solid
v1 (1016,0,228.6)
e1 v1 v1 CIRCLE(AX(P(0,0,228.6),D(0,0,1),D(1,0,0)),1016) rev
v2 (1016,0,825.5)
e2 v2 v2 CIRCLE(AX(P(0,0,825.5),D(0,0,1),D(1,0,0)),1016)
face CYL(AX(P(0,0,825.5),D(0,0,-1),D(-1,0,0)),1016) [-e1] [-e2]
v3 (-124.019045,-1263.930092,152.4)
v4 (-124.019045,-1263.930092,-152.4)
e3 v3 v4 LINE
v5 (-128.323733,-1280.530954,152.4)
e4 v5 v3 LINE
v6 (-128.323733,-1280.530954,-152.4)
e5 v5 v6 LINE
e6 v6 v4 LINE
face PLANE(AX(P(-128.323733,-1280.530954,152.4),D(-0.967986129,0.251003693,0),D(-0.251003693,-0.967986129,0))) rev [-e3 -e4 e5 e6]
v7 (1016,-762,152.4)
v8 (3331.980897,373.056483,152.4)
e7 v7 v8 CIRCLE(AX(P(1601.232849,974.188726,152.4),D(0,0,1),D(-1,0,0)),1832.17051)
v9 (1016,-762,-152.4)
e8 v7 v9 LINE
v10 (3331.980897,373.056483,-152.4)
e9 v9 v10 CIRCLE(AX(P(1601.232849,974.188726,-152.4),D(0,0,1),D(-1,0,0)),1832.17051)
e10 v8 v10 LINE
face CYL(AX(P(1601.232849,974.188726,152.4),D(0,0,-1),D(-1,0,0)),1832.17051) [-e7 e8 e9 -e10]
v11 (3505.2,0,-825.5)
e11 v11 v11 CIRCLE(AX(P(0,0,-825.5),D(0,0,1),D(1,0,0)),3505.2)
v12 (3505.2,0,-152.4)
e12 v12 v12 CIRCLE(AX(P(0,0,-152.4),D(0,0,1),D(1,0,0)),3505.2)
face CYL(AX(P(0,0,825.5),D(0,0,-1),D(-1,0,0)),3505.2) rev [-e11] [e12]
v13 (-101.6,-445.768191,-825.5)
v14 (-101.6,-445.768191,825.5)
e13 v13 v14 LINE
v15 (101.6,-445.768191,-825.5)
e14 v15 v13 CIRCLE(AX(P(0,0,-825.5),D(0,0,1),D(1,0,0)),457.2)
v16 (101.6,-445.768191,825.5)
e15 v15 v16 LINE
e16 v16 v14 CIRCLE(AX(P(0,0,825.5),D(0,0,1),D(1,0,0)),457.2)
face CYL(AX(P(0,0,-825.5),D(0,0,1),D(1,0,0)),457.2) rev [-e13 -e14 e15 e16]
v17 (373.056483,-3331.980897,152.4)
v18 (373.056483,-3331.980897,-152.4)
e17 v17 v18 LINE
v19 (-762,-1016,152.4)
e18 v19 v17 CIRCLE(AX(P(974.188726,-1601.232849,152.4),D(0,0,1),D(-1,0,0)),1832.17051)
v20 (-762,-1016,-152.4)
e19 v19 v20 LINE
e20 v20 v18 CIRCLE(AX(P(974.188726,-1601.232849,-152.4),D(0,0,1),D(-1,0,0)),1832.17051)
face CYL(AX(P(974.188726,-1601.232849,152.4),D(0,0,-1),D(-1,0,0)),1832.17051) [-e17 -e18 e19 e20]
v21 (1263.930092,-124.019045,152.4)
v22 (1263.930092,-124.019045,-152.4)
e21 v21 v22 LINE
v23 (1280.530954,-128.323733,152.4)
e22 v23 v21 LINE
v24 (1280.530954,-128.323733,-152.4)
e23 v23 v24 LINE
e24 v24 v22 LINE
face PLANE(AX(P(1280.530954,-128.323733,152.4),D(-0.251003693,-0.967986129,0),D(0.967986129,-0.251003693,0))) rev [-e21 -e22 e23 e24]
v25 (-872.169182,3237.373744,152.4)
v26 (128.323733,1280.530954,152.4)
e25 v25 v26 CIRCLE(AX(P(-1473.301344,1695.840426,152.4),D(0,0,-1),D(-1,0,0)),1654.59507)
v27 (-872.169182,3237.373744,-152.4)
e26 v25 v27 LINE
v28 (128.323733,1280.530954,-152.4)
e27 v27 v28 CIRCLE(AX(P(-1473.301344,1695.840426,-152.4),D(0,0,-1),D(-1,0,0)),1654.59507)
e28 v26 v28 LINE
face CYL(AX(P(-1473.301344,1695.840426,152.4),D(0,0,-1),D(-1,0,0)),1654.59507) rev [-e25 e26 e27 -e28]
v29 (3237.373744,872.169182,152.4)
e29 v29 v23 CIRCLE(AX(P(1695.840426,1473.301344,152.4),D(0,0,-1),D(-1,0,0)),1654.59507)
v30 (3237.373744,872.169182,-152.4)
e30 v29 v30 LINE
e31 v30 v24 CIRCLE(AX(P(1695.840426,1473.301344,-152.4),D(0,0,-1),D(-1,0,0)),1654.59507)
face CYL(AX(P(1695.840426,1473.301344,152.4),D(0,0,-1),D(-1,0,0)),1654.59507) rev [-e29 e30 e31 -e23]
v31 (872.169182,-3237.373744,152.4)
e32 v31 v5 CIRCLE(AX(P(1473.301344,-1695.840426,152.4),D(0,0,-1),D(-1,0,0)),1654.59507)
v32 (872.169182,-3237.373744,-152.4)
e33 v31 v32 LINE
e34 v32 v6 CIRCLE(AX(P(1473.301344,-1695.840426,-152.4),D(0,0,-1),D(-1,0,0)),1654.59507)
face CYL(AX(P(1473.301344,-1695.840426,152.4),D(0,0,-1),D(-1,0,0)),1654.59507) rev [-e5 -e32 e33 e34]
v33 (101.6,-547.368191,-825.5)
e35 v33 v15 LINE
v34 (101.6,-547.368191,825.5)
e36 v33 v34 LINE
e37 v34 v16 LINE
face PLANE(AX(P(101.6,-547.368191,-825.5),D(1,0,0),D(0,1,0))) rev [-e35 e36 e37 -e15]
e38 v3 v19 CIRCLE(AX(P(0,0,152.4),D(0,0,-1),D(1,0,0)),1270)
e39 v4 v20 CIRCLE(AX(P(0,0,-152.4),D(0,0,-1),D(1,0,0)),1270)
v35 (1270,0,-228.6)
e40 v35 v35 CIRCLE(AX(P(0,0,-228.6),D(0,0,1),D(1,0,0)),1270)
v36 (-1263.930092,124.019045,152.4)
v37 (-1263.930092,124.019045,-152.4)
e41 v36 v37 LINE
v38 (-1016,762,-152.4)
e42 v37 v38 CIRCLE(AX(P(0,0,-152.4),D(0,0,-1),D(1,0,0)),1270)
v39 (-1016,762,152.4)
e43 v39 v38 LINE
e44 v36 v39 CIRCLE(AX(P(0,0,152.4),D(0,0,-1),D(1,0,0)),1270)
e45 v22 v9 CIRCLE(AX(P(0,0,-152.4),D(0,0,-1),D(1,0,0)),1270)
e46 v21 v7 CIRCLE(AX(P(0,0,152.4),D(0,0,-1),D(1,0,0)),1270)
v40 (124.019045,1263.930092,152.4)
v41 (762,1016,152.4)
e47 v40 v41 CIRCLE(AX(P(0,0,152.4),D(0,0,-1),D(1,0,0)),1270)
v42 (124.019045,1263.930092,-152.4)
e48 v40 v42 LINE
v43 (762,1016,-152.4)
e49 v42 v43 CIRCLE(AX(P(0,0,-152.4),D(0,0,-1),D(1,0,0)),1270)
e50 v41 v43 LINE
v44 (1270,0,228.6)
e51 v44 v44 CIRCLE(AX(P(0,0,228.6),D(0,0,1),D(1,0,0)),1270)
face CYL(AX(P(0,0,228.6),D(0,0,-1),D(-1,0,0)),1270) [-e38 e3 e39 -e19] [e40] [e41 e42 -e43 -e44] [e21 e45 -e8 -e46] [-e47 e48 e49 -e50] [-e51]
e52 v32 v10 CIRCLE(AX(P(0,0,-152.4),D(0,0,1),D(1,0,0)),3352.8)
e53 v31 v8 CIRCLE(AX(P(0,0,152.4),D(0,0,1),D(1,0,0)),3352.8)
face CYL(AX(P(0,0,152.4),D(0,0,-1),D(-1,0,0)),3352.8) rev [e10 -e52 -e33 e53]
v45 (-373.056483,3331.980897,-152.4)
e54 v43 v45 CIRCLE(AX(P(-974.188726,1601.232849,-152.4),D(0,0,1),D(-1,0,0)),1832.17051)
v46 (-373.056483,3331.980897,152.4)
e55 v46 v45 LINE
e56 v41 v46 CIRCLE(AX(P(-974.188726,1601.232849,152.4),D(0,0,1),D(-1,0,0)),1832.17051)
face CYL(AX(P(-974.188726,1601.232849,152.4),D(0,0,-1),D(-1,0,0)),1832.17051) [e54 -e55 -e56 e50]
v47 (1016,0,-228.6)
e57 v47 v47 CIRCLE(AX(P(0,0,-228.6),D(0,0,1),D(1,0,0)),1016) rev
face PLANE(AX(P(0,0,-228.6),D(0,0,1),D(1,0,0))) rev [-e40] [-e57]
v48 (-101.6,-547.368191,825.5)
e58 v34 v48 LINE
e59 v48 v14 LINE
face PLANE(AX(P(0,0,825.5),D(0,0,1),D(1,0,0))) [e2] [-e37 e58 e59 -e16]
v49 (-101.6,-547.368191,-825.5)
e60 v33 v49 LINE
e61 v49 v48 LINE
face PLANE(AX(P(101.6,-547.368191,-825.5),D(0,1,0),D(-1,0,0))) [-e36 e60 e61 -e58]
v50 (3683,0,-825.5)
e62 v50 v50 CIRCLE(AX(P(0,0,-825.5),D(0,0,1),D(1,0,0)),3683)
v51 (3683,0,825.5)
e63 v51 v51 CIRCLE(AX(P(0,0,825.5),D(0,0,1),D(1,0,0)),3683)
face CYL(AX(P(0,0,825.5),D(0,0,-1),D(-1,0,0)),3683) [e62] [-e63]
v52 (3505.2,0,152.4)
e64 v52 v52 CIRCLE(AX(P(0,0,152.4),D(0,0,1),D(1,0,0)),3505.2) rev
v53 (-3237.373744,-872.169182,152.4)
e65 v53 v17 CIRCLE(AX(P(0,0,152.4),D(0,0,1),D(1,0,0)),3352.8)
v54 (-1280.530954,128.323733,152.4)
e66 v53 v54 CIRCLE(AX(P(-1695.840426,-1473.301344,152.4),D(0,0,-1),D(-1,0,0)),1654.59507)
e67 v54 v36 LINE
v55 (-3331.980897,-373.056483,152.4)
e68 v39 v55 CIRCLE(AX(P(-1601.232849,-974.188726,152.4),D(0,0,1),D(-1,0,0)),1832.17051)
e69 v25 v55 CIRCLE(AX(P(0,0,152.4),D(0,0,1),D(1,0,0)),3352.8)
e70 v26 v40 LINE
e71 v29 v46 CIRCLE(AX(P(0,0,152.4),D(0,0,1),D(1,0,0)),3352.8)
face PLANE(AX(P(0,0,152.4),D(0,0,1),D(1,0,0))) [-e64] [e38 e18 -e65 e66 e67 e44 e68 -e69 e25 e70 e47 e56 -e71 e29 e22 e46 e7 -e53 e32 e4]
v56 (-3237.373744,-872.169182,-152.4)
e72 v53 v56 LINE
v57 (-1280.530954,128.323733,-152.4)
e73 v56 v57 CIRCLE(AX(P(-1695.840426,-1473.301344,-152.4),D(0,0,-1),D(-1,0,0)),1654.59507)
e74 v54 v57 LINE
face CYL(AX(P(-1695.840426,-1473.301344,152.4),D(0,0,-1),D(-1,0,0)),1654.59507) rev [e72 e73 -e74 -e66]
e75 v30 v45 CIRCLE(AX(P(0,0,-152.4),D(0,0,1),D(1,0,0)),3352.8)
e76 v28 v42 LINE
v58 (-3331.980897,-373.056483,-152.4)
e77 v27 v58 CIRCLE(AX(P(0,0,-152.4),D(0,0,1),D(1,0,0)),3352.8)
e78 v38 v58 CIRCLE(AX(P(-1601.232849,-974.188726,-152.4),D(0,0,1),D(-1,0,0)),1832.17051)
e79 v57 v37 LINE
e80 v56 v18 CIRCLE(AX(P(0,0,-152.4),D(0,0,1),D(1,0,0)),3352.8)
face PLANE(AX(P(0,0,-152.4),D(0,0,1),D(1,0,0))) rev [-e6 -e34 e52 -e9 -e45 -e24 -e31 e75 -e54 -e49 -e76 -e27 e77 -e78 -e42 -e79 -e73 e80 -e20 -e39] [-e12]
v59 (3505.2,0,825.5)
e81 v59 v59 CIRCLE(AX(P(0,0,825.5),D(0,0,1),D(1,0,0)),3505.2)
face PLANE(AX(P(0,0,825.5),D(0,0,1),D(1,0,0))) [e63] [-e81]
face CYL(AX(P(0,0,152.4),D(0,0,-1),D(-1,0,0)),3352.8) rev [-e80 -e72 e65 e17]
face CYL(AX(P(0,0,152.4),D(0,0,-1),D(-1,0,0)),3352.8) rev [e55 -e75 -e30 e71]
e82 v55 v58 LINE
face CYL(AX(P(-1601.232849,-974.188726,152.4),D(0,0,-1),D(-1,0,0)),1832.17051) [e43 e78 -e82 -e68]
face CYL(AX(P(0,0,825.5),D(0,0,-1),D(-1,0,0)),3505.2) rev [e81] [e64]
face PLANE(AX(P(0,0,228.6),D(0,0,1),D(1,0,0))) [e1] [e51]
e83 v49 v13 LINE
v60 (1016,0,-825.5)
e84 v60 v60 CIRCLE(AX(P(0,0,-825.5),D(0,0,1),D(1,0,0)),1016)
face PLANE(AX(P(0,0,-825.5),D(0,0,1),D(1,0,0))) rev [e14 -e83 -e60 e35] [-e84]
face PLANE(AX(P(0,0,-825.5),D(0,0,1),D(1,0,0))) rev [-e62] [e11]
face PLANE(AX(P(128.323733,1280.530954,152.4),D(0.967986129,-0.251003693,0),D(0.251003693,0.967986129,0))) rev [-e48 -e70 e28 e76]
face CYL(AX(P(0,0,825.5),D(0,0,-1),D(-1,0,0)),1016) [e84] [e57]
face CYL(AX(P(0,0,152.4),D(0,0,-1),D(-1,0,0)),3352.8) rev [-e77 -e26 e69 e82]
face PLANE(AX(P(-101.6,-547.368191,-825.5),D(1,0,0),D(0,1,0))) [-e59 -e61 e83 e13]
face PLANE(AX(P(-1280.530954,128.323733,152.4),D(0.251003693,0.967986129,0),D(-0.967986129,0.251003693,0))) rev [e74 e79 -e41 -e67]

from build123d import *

# Parameters (mm, degrees)
SKETCH4_R            = 1270
BOSS_EXTRUDE2_DEPTH  = 228.6
SKETCH5_R            = 1016
BOSS_EXTRUDE3_DEPTH  = 825.5
CUT_EXTRUDE2_DEPTH   = 825.5
SKETCH7_R            = 3505.2
SKETCH7_R_2          = 3352.8
BOSS_EXTRUDE5_DEPTH  = 152.4
SKETCH9_R            = 3683
SKETCH9_R_2          = 3505.2
BOSS_EXTRUDE8_DEPTH  = 825.5
BOSS_EXTRUDE10_DEPTH = 152.4


with BuildPart() as part:
    # Sketch4 → Boss-Extrude2 (new, symmetric)
    with BuildSketch(Plane.XY):
        Circle(SKETCH4_R)
    extrude(amount=BOSS_EXTRUDE2_DEPTH, both=True)

    # Sketch5 → Boss-Extrude3 (add, symmetric)
    with BuildSketch(Plane.XY):
        Circle(SKETCH5_R)
    extrude(amount=BOSS_EXTRUDE3_DEPTH, both=True)

    # Sketch6 → Cut-Extrude2 (cut, symmetric)
    with BuildSketch(Plane.XY):
        with BuildLine():
            Line((101.6, -547.36819088), (-101.6, -547.36819088))
            Line((-101.6, -547.36819088), (-101.6, -445.76819088))
            ThreePointArc((-101.6, -445.76819088), (0, 457.2), (101.6, -445.76819088))
            Line((101.6, -445.76819088), (101.6, -547.36819088))
        make_face()
    extrude(amount=CUT_EXTRUDE2_DEPTH, both=True, mode=Mode.SUBTRACT)



with BuildPart() as body_2:
    # Sketch7 → Boss-Extrude5 (new, symmetric)
    with BuildSketch(Plane.XY):
        with Locations(Location((0, 0, 0), (0, 0, 180))):
            Circle(SKETCH7_R)
        with Locations(Location((0, 0, 0), (0, 0, 180))):
            Circle(SKETCH7_R_2, mode=Mode.SUBTRACT)
    extrude(amount=BOSS_EXTRUDE5_DEPTH, both=True)

    # Sketch9 → Boss-Extrude8 (add, symmetric)
    with BuildSketch(Plane.XY):
        Circle(SKETCH9_R)
        Circle(SKETCH9_R_2, mode=Mode.SUBTRACT)
    extrude(amount=BOSS_EXTRUDE8_DEPTH, both=True)


with BuildPart() as part_1:
    add(part.part)

    add(body_2.part)  # Boss-Extrude10 merges body 2
    # Sketch10 → Boss-Extrude10 (add, symmetric)
    with BuildSketch(Plane.XY):
        with BuildLine():
            Line((128.323732845, 1280.530953966), (124.019045377, 1263.930091573))
            ThreePointArc((124.019045377, 1263.930091573), (460.026922875, 1183.754717089), (762, 1016))
            ThreePointArc((762, 1016), (671.019226754, 2407.545178719), (-373.05648294, 3331.980897385))
            ThreePointArc((-373.05648294, 3331.980897385), (-624.407212979, 3294.143814769), (-872.169182147, 3237.373743903))
            ThreePointArc((-872.169182147, 3237.373743903), (-0.09284249, 2449.061214398), (128.323732845, 1280.530953966))
        make_face()
        with BuildLine():
            Line((1280.530953966, -128.323732845), (1263.930091573, -124.019045377))
            ThreePointArc((1263.930091573, -124.019045377), (1183.754717089, -460.026922875), (1016, -762))
            ThreePointArc((1016, -762), (2407.545178719, -671.019226754), (3331.980897385, 373.05648294))
            ThreePointArc((3331.980897385, 373.05648294), (3294.143814769, 624.407212979), (3237.373743903, 872.169182147))
            ThreePointArc((3237.373743903, 872.169182147), (2449.061214398, 0.09284249), (1280.530953966, -128.323732845))
        make_face()
        with BuildLine():
            Line((-128.323732845, -1280.530953966), (-124.019045377, -1263.930091573))
            ThreePointArc((-124.019045377, -1263.930091573), (-460.026922875, -1183.754717089), (-762, -1016))
            ThreePointArc((-762, -1016), (-671.019226754, -2407.545178719), (373.05648294, -3331.980897385))
            ThreePointArc((373.05648294, -3331.980897385), (624.407212979, -3294.143814769), (872.169182147, -3237.373743903))
            ThreePointArc((872.169182147, -3237.373743903), (0.09284249, -2449.061214398), (-128.323732845, -1280.530953966))
        make_face()
        with BuildLine():
            Line((-1280.530953966, 128.323732845), (-1263.930091573, 124.019045377))
            ThreePointArc((-1263.930091573, 124.019045377), (-1183.754717089, 460.026922875), (-1016, 762))
            ThreePointArc((-1016, 762), (-2407.545178719, 671.019226754), (-3331.980897385, -373.05648294))
            ThreePointArc((-3331.980897385, -373.05648294), (-3294.143814769, -624.407212979), (-3237.373743903, -872.169182147))
            ThreePointArc((-3237.373743903, -872.169182147), (-2449.061214398, -0.09284249), (-1280.530953966, 128.323732845))
        make_face()
    extrude(amount=BOSS_EXTRUDE10_DEPTH, both=True)


solid = part_1.part
